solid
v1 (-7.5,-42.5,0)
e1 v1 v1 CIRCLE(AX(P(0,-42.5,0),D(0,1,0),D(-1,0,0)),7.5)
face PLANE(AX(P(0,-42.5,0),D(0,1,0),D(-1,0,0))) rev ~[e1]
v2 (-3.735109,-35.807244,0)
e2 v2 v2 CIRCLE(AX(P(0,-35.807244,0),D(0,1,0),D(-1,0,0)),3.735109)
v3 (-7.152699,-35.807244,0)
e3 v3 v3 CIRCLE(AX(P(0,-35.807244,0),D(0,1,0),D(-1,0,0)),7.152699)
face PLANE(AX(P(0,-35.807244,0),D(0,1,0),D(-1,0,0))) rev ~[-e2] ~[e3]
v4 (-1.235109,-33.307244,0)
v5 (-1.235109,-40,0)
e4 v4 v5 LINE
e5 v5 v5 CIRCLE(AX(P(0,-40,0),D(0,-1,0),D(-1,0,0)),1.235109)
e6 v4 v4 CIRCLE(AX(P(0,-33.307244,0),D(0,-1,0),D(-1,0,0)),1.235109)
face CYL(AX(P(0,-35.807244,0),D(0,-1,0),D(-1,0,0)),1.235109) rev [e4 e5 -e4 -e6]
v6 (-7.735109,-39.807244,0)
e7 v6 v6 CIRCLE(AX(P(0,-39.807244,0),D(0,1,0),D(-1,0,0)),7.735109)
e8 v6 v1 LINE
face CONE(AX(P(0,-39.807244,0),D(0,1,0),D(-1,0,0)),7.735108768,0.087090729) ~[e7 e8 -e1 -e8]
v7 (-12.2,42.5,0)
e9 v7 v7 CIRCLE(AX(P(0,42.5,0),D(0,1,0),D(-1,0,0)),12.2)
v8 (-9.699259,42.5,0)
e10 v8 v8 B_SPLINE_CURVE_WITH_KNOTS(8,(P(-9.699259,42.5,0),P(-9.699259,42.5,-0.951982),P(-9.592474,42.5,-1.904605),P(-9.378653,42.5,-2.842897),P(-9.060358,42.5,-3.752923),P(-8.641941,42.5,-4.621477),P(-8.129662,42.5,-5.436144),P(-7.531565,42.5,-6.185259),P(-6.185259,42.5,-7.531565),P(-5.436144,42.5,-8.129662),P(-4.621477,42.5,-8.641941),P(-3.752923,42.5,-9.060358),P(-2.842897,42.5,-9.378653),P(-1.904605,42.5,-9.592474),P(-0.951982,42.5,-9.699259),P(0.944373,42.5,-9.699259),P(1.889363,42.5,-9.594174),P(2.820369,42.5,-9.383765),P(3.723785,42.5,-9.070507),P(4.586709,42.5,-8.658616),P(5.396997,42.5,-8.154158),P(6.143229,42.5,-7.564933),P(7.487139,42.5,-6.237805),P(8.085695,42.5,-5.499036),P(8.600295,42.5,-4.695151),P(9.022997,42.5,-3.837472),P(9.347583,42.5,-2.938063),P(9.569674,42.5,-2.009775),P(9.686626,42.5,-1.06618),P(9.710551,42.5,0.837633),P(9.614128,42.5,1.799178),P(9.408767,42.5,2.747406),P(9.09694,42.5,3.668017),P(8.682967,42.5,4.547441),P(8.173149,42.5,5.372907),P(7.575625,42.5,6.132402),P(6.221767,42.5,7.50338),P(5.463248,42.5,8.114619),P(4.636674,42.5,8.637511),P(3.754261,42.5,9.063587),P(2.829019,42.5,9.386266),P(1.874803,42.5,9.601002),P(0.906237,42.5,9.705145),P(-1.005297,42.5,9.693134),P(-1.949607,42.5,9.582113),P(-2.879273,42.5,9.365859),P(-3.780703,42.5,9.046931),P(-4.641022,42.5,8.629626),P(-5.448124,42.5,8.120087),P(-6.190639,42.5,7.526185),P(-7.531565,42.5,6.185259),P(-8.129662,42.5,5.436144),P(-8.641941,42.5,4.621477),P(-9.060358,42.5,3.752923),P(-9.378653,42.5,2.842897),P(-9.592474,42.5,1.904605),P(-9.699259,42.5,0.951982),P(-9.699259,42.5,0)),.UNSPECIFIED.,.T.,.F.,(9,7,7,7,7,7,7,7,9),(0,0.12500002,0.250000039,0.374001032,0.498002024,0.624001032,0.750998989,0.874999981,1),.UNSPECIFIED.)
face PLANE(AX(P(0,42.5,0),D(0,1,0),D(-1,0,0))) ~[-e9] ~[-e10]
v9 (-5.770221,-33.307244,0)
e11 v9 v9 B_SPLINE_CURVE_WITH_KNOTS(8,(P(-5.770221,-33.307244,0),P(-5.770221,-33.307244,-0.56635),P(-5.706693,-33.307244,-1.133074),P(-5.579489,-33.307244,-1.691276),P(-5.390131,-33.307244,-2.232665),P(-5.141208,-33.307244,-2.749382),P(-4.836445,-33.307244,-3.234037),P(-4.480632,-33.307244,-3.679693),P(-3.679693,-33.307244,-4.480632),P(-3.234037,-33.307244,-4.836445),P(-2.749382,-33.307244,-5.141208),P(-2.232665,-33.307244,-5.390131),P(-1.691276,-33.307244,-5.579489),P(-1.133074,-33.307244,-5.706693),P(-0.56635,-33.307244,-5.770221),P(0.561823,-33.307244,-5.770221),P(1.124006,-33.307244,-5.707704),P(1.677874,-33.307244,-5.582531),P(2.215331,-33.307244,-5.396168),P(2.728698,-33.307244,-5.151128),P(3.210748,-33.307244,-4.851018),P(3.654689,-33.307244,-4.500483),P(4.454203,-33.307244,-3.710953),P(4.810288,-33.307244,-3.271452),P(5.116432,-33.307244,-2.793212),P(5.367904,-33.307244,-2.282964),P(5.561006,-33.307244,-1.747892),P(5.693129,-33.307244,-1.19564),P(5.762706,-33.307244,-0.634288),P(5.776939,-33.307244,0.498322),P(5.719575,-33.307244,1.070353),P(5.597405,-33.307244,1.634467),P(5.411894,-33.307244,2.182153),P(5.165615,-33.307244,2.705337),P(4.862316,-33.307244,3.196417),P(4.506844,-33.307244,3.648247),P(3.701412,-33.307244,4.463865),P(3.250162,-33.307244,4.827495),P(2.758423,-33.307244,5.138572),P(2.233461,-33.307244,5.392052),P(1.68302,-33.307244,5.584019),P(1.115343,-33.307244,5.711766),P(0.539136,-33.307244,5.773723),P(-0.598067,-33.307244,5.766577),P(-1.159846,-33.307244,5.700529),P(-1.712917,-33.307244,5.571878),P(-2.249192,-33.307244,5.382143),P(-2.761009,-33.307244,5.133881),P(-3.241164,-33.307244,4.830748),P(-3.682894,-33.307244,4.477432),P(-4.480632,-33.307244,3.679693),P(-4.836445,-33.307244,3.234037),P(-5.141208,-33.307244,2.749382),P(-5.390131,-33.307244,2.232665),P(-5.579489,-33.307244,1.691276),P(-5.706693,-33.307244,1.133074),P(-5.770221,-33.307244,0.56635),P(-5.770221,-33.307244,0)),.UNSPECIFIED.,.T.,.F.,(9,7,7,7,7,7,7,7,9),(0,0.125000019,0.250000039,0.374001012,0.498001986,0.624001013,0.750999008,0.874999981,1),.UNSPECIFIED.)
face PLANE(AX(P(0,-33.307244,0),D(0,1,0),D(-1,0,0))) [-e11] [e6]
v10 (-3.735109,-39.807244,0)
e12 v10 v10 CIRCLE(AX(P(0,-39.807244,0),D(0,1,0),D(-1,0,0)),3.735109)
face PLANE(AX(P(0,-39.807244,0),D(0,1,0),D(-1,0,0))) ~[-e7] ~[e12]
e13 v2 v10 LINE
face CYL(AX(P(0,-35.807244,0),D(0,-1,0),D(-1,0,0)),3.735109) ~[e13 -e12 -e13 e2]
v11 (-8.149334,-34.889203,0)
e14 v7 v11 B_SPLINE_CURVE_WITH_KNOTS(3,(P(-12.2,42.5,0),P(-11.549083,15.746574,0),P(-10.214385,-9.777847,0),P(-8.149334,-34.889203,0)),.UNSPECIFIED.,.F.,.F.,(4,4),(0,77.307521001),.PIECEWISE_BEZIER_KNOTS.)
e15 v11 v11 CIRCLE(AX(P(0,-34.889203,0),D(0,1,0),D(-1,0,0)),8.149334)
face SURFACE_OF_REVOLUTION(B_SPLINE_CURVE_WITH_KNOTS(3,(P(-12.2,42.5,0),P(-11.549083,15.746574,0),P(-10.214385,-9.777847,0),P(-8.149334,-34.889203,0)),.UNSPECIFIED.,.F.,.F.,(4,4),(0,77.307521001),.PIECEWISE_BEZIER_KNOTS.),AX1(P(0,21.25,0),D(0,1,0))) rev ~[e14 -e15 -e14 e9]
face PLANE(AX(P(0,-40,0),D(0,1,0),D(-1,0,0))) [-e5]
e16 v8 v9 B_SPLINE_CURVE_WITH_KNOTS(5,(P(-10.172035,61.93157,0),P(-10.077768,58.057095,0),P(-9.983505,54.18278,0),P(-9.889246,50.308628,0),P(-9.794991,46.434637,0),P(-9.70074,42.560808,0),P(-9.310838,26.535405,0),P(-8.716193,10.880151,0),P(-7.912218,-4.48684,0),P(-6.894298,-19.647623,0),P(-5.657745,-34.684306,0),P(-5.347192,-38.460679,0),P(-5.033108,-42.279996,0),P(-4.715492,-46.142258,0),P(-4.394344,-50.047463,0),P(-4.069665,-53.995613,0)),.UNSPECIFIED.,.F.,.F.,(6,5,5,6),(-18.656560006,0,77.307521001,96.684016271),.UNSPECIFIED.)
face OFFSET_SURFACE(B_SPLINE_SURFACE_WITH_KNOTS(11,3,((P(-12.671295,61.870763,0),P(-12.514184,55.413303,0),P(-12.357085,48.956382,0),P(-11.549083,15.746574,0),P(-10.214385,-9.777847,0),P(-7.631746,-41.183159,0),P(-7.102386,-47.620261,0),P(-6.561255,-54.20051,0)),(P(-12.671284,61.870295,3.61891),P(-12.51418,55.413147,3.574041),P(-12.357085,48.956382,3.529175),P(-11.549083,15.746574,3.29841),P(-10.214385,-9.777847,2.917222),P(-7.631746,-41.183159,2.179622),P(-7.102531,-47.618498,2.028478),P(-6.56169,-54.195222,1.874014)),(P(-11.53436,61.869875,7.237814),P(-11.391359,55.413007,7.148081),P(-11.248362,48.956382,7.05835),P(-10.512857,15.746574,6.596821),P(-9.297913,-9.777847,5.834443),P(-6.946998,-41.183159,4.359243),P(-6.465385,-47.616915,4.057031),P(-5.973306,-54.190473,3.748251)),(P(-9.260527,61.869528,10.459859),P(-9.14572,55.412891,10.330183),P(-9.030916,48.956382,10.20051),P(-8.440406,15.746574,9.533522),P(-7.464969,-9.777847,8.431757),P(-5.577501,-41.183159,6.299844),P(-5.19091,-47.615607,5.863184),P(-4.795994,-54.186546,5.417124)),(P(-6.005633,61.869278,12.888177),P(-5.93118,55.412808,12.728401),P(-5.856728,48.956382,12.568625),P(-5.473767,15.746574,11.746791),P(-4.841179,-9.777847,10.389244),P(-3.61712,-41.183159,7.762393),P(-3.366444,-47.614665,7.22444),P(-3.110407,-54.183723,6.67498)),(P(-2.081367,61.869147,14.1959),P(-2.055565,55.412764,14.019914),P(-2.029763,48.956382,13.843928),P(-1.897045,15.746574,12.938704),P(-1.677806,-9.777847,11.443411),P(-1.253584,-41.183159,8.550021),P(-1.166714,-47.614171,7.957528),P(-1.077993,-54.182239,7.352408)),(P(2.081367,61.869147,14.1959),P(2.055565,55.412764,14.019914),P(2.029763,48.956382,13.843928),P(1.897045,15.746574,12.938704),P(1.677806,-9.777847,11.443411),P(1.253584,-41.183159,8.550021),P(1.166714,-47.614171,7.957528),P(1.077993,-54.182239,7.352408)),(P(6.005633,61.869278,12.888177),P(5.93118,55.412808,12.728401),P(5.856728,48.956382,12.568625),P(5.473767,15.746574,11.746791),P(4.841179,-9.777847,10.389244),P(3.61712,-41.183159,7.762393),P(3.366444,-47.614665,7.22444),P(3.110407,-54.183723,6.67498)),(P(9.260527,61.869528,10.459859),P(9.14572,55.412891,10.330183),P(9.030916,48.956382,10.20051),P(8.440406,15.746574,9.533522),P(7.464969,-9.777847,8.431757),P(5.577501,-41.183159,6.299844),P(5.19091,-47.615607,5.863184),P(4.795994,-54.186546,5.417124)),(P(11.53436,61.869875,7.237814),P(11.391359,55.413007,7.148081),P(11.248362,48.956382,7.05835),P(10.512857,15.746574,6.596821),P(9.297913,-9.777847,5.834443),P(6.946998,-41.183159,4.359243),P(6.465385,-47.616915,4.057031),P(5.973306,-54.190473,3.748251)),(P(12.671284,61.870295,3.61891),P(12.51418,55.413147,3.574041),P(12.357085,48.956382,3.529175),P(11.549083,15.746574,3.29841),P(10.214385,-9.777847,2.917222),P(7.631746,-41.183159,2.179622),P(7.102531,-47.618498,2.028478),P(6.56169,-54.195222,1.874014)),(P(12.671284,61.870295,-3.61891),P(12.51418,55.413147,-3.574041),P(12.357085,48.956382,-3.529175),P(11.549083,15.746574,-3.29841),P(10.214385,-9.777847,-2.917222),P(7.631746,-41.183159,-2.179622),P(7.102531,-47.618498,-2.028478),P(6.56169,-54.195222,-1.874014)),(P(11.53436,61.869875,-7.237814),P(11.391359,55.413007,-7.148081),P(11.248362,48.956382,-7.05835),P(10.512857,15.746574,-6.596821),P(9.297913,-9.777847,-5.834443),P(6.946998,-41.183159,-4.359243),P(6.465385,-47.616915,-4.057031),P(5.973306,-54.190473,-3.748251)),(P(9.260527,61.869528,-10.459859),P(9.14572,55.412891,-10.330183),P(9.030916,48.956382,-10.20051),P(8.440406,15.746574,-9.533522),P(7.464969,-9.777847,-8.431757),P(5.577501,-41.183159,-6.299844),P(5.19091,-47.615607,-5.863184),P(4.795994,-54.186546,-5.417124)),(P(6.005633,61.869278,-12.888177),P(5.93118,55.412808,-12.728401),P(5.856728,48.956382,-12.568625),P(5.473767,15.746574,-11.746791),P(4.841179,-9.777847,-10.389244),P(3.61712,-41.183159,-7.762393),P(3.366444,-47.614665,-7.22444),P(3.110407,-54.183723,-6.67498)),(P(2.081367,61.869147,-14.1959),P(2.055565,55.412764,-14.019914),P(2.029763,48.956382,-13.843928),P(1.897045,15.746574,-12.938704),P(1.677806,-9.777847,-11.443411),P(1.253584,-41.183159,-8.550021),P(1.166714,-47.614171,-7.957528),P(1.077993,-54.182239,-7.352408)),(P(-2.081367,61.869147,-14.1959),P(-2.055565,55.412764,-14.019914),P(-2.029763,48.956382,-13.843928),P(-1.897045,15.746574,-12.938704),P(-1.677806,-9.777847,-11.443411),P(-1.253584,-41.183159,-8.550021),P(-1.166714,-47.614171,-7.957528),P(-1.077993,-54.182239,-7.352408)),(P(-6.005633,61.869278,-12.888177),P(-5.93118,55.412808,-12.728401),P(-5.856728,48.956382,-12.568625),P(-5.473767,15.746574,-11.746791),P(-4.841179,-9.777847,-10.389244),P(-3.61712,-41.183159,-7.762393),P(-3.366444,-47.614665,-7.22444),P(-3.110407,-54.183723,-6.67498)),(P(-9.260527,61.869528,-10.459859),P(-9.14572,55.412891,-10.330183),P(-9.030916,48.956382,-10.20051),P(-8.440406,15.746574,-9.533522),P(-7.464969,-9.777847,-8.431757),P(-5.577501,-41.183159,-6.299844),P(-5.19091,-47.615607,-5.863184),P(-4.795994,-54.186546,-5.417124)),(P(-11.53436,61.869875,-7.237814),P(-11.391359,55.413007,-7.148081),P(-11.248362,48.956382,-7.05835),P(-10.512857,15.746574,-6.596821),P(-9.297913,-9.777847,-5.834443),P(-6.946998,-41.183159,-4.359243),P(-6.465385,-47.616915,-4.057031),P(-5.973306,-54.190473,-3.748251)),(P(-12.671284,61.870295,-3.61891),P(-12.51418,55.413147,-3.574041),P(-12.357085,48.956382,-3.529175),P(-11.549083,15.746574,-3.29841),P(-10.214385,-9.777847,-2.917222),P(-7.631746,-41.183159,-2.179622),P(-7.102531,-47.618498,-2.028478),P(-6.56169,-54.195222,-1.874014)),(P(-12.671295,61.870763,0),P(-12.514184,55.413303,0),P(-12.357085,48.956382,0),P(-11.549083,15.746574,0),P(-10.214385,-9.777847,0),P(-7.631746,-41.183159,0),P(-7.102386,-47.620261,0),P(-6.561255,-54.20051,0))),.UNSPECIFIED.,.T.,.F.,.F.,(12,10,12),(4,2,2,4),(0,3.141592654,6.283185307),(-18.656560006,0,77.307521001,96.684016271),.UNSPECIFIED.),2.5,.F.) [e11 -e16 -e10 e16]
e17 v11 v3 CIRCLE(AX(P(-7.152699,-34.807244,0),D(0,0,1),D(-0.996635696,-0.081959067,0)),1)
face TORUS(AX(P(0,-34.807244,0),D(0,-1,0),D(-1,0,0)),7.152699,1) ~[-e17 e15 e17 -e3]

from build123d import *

# Parameters (mm, degrees)
F2_T = -2.5


with BuildPart() as f1:
    # F0 (on Top) → F1 (revolve)
    with BuildSketch(Plane.XY):
        with BuildLine():
            Line((0, -42.5), (0, 0))
            Line((0, 0), (0, 42.5))
            Line((0, 42.5), (-12.2, 42.5))
            add(Edge.make_bspline(
                [(-12.2, 42.5), (-11.5490831466, 15.7465738404), (-10.2143850731, -9.7778465138), (-8.1493342202, -34.8892034403)],
                knots=[0, 0, 0, 0, 77.3075210013, 77.3075210013, 77.3075210013, 77.3075210013], degree=3))
            ThreePointArc((-8.1493342202, -34.8892034403), (-7.8302090155, -35.542757482), (-7.1526985239, -35.8072443729))
            Line((-7.1526985239, -35.8072443729), (-3.7351087677, -35.8072443729))
            Line((-3.7351087677, -35.8072443729), (-3.7351087677, -39.8072443729))
            Line((-3.7351087677, -39.8072443729), (-7.7351087677, -39.8072443729))
            Line((-7.7351087677, -39.8072443729), (-7.5, -42.5))
            Line((-7.5, -42.5), (0, -42.5))
        make_face()
    revolve(axis=Axis((0, 21.25, 0), (0, 1, 0)))

    # F2
    f2_openings = [f1.faces().sort_by_distance(p)[0] for p in [
        (0, 42.5, 0),
    ]]
    offset(amount=F2_T, openings=f2_openings, kind=Kind.INTERSECTION)


solid = f1.part
